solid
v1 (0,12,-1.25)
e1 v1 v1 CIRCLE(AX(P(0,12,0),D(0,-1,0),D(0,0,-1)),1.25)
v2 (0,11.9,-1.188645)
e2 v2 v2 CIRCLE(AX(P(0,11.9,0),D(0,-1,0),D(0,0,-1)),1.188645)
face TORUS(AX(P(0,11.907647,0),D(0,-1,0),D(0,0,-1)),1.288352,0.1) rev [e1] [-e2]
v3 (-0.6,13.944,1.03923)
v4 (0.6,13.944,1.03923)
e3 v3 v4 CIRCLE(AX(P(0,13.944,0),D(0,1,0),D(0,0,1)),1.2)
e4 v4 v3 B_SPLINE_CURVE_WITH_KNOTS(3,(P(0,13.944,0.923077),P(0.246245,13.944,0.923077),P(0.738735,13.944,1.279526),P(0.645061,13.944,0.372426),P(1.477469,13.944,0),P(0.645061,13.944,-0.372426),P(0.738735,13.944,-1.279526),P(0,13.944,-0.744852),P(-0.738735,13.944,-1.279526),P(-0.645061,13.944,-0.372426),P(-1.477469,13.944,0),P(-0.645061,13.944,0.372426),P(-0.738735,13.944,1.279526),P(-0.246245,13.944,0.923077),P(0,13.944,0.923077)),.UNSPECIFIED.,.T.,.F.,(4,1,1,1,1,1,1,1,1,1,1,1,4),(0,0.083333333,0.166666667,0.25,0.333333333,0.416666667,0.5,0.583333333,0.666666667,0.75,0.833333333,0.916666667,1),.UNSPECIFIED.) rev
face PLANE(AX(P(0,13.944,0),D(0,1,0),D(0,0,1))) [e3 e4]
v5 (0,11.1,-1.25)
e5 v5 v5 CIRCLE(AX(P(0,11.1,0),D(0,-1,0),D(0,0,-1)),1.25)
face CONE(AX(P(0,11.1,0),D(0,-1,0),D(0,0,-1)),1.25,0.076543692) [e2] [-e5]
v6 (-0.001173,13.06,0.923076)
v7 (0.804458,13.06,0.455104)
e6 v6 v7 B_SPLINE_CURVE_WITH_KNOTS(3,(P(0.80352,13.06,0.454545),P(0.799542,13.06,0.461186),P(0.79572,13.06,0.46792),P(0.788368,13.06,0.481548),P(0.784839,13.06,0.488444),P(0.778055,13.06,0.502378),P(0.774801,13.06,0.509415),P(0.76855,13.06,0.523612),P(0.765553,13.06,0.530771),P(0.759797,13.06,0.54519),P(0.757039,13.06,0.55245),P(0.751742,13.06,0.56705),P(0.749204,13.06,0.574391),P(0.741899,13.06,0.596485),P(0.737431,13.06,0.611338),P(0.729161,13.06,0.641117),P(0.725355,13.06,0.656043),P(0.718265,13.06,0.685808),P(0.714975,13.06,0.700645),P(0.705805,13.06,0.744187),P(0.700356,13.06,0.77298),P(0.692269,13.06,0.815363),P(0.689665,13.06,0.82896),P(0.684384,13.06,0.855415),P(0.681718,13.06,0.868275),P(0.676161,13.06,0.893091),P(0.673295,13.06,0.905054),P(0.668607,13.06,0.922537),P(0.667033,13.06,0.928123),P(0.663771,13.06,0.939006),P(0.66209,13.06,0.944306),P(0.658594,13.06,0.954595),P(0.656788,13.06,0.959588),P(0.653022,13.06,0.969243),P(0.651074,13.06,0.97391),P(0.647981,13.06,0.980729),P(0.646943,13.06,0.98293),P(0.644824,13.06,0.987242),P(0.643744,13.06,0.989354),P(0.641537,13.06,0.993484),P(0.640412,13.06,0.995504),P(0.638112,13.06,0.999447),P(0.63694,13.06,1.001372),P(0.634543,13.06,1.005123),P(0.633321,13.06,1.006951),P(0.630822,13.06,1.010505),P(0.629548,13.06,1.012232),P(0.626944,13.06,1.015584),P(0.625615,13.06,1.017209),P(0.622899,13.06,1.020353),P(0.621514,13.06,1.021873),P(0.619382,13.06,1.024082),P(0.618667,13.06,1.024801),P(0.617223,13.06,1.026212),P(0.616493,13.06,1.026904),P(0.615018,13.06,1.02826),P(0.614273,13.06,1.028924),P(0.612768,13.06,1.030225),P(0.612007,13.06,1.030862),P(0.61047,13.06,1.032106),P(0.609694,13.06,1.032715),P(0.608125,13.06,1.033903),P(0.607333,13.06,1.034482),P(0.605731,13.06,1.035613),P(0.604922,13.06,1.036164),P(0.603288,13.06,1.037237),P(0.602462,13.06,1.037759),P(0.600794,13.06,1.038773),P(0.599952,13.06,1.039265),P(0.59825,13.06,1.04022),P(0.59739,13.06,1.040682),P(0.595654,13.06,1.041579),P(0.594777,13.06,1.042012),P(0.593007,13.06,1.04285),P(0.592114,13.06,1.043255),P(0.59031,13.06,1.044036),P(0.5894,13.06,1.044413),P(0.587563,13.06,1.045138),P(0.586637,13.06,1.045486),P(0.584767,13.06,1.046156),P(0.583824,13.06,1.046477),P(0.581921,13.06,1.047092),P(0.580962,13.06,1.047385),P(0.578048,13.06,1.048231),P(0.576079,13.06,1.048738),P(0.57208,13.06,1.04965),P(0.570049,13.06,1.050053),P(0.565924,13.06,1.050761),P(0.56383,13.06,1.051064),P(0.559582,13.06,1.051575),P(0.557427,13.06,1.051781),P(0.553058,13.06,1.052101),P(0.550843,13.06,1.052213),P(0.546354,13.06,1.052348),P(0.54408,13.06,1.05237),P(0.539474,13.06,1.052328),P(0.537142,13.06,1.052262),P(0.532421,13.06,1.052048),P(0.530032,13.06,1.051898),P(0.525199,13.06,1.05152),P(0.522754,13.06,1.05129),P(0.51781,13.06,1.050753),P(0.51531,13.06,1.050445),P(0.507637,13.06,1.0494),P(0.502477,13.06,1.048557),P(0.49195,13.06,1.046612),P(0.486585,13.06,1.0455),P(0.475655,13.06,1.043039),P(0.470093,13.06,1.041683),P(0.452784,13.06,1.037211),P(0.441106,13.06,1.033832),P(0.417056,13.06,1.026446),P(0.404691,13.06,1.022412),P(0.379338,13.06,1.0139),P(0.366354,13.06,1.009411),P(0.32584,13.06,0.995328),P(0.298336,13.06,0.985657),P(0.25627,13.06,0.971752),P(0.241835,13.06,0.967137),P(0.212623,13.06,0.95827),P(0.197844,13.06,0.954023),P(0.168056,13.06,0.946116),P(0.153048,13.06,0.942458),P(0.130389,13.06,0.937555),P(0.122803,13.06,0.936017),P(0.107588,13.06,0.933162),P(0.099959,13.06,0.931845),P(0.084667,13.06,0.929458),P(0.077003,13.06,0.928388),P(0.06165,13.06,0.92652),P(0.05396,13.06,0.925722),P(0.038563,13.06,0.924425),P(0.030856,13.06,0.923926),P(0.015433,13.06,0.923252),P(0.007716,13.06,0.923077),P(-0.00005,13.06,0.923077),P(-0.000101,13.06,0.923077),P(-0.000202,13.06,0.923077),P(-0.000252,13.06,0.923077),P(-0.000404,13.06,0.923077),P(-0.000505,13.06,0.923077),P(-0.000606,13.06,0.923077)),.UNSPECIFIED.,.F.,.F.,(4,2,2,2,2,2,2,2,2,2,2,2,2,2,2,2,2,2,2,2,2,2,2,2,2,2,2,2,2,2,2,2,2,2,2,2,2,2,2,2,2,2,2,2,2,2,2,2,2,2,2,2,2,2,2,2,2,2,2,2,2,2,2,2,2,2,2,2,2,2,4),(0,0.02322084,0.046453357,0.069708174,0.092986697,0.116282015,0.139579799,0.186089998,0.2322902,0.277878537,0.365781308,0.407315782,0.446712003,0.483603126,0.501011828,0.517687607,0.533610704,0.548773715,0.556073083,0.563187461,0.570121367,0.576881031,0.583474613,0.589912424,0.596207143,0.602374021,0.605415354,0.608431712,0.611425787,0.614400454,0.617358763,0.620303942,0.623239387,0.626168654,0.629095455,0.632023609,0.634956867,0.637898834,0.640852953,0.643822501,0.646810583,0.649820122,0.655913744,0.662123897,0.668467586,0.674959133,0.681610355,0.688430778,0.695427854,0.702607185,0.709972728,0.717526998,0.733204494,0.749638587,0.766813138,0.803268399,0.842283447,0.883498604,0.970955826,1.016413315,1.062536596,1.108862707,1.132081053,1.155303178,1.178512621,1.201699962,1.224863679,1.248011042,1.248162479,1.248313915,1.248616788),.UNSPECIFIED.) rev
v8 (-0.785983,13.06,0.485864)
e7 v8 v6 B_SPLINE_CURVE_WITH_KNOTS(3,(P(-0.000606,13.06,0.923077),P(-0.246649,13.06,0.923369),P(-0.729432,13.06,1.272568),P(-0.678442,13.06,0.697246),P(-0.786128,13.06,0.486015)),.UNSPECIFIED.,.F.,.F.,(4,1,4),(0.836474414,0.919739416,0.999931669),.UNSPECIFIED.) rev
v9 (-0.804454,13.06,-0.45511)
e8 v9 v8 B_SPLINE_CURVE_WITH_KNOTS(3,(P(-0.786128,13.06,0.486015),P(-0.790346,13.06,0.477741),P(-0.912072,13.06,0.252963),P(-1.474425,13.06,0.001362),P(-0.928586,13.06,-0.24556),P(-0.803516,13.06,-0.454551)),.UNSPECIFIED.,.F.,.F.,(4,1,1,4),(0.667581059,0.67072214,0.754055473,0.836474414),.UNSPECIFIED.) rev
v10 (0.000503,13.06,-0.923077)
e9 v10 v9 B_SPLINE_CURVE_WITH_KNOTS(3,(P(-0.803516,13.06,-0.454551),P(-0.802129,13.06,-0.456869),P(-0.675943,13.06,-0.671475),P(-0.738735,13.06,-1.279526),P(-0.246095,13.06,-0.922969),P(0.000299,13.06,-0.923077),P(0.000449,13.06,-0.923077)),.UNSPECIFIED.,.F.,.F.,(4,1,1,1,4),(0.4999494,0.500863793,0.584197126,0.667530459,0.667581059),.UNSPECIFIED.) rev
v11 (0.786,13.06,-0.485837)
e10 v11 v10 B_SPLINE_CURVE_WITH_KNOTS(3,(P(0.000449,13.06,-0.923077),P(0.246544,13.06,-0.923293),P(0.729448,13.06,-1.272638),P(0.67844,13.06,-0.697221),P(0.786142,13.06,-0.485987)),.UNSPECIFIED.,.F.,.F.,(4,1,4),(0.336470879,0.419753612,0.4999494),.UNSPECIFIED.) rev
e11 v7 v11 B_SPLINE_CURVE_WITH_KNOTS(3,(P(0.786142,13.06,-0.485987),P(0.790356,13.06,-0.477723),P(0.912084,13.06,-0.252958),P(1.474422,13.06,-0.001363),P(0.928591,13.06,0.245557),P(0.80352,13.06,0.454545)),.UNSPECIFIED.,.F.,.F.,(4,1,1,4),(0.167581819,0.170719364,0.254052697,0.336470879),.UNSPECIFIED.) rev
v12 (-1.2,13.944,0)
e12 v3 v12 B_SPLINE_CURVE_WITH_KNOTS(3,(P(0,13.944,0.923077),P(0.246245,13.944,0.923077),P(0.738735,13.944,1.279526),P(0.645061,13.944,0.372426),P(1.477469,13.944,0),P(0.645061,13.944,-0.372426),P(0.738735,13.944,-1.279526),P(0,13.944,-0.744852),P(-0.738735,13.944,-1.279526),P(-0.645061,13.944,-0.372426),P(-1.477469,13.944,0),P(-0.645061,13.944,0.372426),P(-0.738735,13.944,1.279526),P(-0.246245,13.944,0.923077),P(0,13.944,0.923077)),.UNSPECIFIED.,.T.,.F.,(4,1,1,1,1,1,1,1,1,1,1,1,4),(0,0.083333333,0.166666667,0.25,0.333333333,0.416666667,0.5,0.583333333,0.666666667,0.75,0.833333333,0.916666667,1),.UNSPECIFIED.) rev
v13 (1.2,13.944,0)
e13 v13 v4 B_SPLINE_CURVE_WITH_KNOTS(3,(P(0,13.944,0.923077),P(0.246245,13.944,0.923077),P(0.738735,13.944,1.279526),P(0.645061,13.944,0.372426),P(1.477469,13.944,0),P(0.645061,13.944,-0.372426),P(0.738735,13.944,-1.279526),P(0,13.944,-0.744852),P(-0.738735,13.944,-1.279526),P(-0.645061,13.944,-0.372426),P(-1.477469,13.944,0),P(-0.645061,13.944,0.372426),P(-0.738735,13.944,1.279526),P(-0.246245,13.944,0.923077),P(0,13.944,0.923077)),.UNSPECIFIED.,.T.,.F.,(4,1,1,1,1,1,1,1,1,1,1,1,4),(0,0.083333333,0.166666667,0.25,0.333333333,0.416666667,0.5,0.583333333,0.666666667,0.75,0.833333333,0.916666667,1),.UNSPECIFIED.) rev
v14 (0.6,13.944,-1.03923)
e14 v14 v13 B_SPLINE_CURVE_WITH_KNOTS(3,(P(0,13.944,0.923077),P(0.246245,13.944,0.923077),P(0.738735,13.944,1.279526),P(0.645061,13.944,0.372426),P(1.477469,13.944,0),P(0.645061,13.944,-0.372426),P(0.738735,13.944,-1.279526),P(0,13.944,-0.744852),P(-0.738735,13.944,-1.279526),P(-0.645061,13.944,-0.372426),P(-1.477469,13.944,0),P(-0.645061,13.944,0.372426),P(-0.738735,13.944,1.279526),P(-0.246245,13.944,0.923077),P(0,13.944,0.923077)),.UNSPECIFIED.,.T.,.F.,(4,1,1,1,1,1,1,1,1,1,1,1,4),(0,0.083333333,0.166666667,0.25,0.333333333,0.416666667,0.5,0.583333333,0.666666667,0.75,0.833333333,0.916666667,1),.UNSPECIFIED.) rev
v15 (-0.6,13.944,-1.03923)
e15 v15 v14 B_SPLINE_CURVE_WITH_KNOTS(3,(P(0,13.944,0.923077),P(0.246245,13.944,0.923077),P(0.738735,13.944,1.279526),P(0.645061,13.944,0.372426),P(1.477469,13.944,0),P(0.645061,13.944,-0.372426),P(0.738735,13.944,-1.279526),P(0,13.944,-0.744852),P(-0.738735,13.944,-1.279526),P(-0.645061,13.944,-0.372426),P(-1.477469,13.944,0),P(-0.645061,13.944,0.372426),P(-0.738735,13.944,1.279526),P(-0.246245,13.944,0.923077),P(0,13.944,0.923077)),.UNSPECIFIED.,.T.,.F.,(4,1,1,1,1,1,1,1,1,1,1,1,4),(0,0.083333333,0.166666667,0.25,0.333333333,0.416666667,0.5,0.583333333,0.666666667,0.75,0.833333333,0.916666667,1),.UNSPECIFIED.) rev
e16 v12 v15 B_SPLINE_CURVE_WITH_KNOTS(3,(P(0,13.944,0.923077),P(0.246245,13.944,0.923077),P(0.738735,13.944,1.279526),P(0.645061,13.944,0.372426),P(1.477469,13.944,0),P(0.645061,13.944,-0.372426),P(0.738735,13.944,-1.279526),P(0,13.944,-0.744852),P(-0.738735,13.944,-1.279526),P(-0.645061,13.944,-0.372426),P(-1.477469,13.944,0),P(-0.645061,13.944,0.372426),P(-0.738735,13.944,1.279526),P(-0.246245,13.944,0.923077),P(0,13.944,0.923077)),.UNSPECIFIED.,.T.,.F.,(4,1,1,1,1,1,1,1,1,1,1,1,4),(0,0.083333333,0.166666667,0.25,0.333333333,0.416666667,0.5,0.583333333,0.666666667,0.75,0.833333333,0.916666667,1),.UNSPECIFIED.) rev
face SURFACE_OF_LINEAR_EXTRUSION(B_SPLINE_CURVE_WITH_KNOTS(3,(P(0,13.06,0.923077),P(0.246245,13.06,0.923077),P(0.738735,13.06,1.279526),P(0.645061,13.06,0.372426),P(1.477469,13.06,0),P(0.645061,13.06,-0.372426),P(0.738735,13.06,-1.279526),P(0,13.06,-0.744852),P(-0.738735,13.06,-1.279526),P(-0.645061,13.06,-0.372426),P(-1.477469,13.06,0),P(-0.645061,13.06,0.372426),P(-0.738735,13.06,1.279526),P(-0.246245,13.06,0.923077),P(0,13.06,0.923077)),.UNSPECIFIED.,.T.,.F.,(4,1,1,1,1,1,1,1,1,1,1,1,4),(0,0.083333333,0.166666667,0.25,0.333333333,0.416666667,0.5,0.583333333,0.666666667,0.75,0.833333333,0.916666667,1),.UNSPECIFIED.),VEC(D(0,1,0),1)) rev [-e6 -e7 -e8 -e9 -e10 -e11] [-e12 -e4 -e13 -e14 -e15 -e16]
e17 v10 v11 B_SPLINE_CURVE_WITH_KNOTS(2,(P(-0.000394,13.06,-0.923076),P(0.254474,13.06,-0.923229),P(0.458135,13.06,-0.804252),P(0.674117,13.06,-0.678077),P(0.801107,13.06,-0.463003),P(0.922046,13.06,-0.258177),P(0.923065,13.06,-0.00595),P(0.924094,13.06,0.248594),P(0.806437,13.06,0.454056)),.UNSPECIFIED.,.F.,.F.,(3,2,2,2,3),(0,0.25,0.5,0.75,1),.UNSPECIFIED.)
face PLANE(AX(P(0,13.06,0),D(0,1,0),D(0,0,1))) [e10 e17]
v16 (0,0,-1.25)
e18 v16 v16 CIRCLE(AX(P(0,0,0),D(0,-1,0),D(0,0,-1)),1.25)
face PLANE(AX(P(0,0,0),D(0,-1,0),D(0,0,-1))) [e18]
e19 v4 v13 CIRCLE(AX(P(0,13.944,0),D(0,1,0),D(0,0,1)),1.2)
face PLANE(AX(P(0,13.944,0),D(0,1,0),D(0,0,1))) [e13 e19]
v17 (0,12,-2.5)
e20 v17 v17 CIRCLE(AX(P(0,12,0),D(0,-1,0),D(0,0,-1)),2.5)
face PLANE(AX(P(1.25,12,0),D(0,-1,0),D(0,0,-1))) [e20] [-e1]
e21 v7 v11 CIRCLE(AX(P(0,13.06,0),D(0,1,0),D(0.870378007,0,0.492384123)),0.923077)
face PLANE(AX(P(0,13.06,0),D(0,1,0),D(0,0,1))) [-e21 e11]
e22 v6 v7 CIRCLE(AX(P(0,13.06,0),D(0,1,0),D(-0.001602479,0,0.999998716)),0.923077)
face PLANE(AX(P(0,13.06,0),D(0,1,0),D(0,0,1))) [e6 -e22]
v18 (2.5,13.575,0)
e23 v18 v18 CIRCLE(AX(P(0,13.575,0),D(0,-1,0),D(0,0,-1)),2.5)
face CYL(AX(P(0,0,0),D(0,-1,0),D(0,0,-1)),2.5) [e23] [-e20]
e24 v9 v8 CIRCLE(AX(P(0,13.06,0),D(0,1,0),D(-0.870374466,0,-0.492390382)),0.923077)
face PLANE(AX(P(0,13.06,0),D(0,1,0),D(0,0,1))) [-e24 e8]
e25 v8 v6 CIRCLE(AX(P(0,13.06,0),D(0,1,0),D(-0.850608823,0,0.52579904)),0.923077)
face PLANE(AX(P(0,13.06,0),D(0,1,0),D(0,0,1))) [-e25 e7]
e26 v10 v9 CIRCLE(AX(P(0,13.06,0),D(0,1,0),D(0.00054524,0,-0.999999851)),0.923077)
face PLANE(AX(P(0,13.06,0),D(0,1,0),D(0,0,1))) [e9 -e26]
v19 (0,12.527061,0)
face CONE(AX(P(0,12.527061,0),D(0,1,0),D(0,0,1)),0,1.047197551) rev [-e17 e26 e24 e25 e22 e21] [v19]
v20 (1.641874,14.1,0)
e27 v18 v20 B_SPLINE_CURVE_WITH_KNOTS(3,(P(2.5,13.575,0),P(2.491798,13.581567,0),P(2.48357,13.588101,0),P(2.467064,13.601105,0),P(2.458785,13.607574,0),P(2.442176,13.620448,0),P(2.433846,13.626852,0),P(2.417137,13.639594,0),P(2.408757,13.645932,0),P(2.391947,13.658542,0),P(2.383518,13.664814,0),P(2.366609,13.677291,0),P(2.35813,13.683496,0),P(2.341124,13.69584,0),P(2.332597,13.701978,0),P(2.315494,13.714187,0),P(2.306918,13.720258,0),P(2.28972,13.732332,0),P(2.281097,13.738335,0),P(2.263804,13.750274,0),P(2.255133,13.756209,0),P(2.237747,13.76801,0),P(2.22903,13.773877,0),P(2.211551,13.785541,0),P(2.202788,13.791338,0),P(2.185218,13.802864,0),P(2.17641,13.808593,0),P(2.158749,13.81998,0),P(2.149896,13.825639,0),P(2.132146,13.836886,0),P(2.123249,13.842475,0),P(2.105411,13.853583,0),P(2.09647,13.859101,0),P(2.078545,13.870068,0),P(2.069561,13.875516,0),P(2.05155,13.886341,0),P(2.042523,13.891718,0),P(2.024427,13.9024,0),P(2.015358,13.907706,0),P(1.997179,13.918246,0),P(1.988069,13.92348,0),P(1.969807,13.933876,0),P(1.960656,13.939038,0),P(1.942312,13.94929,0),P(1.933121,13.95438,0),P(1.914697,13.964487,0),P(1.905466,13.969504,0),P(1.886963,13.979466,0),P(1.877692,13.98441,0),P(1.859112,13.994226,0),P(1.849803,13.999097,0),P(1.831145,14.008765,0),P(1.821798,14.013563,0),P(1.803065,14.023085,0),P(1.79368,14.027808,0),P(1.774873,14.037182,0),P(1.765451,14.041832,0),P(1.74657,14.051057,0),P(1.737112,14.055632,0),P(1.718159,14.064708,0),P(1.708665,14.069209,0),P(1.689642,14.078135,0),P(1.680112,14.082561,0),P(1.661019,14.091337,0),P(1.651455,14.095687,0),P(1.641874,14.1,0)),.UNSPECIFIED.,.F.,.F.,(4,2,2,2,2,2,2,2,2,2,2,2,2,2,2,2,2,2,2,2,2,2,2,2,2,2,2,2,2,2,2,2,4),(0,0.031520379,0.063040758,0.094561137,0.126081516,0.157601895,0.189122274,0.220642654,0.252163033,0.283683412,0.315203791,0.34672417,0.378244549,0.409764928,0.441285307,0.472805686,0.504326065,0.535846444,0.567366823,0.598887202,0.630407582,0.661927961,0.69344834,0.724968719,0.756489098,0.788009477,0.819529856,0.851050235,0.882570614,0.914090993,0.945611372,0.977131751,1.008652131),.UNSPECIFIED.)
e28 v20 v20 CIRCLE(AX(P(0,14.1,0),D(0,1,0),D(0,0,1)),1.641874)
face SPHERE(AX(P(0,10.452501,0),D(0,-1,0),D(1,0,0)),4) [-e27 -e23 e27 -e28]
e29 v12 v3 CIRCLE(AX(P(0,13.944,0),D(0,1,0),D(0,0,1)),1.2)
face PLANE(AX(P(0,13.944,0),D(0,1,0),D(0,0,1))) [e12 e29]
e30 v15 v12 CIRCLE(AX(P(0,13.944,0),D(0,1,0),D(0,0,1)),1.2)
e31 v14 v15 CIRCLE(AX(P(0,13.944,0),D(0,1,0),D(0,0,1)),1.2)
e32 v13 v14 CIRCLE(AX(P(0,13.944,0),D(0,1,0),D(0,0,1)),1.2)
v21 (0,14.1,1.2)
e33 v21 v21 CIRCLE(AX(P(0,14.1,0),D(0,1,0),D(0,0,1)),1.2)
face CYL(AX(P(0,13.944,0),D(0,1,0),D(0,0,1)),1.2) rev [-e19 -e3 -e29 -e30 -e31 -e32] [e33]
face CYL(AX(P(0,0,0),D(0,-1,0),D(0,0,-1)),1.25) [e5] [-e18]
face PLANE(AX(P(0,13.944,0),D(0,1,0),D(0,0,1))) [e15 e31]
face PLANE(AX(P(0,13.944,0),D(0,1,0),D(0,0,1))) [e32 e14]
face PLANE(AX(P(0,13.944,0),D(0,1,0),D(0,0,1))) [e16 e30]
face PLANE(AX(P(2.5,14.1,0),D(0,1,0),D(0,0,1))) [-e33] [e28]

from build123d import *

# Parameters (mm, degrees)
RECESS_CUT_EXTRUDE1_DEPTH = 1.04
SKETCH7_R                 = 1.2
RECESS_CUT_EXTRUDE2_DEPTH = 0.156


with BuildPart() as part:
    # Sketch1 → BODY (revolve)
    with BuildSketch(Plane.XY, mode=Mode.PRIVATE) as body_sk:
        Polygon((0, 0), (1.25, 0), (1.25, 12), (2.5, 12), (2.5, 14.1), (0, 14.1), align=None)
    revolve(body_sk.sketch.rotate(Axis((0, 0, 0), (0, 1, 0)), 90), axis=Axis((0, 0, 0), (0, 1, 0)))

    # Sketch2 → HEAD-CUT (revolve, cut)
    with BuildSketch(Plane.XY, mode=Mode.PRIVATE) as head_cut_sk:
        with BuildLine():
            ThreePointArc((4, 10.452501001), (2.828427125, 13.280928126), (0, 14.452501001))
            Line((0, 14.452501001), (0, 14.934662571))
            Line((0, 14.934662571), (4, 14.934662571))
            Line((4, 14.934662571), (4, 10.452501001))
        make_face()
    revolve(head_cut_sk.sketch.rotate(Axis((0, 0, 0), (0, 1, 0)), 90), axis=Axis((0, 0, 0), (0, 1, 0)), mode=Mode.SUBTRACT)

    # Sketch4 → GAP (revolve, cut)
    with BuildSketch(Plane.XY, mode=Mode.PRIVATE) as gap_sk:
        with BuildLine():
            Line((-1.25, 11.1), (-1.188645175, 11.9))
            ThreePointArc((-1.188645175, 11.9), (-1.20311675, 11.959943063), (-1.25, 12))
            Line((-1.25, 12), (-1.25, 11.1))
        make_face()
    revolve(gap_sk.sketch.rotate(Axis((0, 0, 0), (0, 1, 0)), 270), axis=Axis((0, 0, 0), (0, 1, 0)), mode=Mode.SUBTRACT)

    # Sketch5 → Recess-Cut-Extrude1 (cut)
    with BuildSketch(Plane(origin=(0, 14.1, 0), x_dir=(-1, 0, 0), z_dir=(0, 1, 0))):
        with BuildLine():
            add(Edge.make_bspline(
                [(0, 0.923076923), (-0.246244913, 0.923076923), (-0.738734739, 1.279526102), (-0.645061043, 0.372426167), (-1.477469478, 0), (-0.645061043, -0.372426167), (-0.738734739, -1.279526102), (0, -0.744852334), (0.738734739, -1.279526102), (0.645061043, -0.372426167), (1.477469478, 0), (0.645061043, 0.372426167), (0.738734739, 1.279526102), (0.246244913, 0.923076923), (0, 0.923076923)],
                knots=[0, 0, 0, 0, 0.083333333, 0.166666667, 0.25, 0.333333333, 0.416666667, 0.5, 0.583333333, 0.666666667, 0.75, 0.833333333, 0.916666667, 1, 1, 1, 1], degree=3))
        make_face()
    extrude(amount=-RECESS_CUT_EXTRUDE1_DEPTH, mode=Mode.SUBTRACT)

    # Sketch3 → DRILL-CUT (revolve, cut)
    with BuildSketch(Plane.XY, mode=Mode.PRIVATE) as drill_cut_sk:
        Polygon((0, 12.52706129), (0.923076923, 13.06), (0, 13.06), align=None)
    revolve(drill_cut_sk.sketch.rotate(Axis((0, 0, 0), (0, 1, 0)), 270), axis=Axis((0, 0, 0), (0, 1, 0)), mode=Mode.SUBTRACT)

    # Sketch7 → Recess-Cut-Extrude2 (cut)
    with BuildSketch(Plane(origin=(0, 14.1, 0), x_dir=(-1, 0, 0), z_dir=(0, 1, 0))):
        with Locations(Location((0, 0, 0), (0, 0, 90))):
            Circle(SKETCH7_R)
    extrude(amount=-RECESS_CUT_EXTRUDE2_DEPTH, mode=Mode.SUBTRACT)


solid = part.part
